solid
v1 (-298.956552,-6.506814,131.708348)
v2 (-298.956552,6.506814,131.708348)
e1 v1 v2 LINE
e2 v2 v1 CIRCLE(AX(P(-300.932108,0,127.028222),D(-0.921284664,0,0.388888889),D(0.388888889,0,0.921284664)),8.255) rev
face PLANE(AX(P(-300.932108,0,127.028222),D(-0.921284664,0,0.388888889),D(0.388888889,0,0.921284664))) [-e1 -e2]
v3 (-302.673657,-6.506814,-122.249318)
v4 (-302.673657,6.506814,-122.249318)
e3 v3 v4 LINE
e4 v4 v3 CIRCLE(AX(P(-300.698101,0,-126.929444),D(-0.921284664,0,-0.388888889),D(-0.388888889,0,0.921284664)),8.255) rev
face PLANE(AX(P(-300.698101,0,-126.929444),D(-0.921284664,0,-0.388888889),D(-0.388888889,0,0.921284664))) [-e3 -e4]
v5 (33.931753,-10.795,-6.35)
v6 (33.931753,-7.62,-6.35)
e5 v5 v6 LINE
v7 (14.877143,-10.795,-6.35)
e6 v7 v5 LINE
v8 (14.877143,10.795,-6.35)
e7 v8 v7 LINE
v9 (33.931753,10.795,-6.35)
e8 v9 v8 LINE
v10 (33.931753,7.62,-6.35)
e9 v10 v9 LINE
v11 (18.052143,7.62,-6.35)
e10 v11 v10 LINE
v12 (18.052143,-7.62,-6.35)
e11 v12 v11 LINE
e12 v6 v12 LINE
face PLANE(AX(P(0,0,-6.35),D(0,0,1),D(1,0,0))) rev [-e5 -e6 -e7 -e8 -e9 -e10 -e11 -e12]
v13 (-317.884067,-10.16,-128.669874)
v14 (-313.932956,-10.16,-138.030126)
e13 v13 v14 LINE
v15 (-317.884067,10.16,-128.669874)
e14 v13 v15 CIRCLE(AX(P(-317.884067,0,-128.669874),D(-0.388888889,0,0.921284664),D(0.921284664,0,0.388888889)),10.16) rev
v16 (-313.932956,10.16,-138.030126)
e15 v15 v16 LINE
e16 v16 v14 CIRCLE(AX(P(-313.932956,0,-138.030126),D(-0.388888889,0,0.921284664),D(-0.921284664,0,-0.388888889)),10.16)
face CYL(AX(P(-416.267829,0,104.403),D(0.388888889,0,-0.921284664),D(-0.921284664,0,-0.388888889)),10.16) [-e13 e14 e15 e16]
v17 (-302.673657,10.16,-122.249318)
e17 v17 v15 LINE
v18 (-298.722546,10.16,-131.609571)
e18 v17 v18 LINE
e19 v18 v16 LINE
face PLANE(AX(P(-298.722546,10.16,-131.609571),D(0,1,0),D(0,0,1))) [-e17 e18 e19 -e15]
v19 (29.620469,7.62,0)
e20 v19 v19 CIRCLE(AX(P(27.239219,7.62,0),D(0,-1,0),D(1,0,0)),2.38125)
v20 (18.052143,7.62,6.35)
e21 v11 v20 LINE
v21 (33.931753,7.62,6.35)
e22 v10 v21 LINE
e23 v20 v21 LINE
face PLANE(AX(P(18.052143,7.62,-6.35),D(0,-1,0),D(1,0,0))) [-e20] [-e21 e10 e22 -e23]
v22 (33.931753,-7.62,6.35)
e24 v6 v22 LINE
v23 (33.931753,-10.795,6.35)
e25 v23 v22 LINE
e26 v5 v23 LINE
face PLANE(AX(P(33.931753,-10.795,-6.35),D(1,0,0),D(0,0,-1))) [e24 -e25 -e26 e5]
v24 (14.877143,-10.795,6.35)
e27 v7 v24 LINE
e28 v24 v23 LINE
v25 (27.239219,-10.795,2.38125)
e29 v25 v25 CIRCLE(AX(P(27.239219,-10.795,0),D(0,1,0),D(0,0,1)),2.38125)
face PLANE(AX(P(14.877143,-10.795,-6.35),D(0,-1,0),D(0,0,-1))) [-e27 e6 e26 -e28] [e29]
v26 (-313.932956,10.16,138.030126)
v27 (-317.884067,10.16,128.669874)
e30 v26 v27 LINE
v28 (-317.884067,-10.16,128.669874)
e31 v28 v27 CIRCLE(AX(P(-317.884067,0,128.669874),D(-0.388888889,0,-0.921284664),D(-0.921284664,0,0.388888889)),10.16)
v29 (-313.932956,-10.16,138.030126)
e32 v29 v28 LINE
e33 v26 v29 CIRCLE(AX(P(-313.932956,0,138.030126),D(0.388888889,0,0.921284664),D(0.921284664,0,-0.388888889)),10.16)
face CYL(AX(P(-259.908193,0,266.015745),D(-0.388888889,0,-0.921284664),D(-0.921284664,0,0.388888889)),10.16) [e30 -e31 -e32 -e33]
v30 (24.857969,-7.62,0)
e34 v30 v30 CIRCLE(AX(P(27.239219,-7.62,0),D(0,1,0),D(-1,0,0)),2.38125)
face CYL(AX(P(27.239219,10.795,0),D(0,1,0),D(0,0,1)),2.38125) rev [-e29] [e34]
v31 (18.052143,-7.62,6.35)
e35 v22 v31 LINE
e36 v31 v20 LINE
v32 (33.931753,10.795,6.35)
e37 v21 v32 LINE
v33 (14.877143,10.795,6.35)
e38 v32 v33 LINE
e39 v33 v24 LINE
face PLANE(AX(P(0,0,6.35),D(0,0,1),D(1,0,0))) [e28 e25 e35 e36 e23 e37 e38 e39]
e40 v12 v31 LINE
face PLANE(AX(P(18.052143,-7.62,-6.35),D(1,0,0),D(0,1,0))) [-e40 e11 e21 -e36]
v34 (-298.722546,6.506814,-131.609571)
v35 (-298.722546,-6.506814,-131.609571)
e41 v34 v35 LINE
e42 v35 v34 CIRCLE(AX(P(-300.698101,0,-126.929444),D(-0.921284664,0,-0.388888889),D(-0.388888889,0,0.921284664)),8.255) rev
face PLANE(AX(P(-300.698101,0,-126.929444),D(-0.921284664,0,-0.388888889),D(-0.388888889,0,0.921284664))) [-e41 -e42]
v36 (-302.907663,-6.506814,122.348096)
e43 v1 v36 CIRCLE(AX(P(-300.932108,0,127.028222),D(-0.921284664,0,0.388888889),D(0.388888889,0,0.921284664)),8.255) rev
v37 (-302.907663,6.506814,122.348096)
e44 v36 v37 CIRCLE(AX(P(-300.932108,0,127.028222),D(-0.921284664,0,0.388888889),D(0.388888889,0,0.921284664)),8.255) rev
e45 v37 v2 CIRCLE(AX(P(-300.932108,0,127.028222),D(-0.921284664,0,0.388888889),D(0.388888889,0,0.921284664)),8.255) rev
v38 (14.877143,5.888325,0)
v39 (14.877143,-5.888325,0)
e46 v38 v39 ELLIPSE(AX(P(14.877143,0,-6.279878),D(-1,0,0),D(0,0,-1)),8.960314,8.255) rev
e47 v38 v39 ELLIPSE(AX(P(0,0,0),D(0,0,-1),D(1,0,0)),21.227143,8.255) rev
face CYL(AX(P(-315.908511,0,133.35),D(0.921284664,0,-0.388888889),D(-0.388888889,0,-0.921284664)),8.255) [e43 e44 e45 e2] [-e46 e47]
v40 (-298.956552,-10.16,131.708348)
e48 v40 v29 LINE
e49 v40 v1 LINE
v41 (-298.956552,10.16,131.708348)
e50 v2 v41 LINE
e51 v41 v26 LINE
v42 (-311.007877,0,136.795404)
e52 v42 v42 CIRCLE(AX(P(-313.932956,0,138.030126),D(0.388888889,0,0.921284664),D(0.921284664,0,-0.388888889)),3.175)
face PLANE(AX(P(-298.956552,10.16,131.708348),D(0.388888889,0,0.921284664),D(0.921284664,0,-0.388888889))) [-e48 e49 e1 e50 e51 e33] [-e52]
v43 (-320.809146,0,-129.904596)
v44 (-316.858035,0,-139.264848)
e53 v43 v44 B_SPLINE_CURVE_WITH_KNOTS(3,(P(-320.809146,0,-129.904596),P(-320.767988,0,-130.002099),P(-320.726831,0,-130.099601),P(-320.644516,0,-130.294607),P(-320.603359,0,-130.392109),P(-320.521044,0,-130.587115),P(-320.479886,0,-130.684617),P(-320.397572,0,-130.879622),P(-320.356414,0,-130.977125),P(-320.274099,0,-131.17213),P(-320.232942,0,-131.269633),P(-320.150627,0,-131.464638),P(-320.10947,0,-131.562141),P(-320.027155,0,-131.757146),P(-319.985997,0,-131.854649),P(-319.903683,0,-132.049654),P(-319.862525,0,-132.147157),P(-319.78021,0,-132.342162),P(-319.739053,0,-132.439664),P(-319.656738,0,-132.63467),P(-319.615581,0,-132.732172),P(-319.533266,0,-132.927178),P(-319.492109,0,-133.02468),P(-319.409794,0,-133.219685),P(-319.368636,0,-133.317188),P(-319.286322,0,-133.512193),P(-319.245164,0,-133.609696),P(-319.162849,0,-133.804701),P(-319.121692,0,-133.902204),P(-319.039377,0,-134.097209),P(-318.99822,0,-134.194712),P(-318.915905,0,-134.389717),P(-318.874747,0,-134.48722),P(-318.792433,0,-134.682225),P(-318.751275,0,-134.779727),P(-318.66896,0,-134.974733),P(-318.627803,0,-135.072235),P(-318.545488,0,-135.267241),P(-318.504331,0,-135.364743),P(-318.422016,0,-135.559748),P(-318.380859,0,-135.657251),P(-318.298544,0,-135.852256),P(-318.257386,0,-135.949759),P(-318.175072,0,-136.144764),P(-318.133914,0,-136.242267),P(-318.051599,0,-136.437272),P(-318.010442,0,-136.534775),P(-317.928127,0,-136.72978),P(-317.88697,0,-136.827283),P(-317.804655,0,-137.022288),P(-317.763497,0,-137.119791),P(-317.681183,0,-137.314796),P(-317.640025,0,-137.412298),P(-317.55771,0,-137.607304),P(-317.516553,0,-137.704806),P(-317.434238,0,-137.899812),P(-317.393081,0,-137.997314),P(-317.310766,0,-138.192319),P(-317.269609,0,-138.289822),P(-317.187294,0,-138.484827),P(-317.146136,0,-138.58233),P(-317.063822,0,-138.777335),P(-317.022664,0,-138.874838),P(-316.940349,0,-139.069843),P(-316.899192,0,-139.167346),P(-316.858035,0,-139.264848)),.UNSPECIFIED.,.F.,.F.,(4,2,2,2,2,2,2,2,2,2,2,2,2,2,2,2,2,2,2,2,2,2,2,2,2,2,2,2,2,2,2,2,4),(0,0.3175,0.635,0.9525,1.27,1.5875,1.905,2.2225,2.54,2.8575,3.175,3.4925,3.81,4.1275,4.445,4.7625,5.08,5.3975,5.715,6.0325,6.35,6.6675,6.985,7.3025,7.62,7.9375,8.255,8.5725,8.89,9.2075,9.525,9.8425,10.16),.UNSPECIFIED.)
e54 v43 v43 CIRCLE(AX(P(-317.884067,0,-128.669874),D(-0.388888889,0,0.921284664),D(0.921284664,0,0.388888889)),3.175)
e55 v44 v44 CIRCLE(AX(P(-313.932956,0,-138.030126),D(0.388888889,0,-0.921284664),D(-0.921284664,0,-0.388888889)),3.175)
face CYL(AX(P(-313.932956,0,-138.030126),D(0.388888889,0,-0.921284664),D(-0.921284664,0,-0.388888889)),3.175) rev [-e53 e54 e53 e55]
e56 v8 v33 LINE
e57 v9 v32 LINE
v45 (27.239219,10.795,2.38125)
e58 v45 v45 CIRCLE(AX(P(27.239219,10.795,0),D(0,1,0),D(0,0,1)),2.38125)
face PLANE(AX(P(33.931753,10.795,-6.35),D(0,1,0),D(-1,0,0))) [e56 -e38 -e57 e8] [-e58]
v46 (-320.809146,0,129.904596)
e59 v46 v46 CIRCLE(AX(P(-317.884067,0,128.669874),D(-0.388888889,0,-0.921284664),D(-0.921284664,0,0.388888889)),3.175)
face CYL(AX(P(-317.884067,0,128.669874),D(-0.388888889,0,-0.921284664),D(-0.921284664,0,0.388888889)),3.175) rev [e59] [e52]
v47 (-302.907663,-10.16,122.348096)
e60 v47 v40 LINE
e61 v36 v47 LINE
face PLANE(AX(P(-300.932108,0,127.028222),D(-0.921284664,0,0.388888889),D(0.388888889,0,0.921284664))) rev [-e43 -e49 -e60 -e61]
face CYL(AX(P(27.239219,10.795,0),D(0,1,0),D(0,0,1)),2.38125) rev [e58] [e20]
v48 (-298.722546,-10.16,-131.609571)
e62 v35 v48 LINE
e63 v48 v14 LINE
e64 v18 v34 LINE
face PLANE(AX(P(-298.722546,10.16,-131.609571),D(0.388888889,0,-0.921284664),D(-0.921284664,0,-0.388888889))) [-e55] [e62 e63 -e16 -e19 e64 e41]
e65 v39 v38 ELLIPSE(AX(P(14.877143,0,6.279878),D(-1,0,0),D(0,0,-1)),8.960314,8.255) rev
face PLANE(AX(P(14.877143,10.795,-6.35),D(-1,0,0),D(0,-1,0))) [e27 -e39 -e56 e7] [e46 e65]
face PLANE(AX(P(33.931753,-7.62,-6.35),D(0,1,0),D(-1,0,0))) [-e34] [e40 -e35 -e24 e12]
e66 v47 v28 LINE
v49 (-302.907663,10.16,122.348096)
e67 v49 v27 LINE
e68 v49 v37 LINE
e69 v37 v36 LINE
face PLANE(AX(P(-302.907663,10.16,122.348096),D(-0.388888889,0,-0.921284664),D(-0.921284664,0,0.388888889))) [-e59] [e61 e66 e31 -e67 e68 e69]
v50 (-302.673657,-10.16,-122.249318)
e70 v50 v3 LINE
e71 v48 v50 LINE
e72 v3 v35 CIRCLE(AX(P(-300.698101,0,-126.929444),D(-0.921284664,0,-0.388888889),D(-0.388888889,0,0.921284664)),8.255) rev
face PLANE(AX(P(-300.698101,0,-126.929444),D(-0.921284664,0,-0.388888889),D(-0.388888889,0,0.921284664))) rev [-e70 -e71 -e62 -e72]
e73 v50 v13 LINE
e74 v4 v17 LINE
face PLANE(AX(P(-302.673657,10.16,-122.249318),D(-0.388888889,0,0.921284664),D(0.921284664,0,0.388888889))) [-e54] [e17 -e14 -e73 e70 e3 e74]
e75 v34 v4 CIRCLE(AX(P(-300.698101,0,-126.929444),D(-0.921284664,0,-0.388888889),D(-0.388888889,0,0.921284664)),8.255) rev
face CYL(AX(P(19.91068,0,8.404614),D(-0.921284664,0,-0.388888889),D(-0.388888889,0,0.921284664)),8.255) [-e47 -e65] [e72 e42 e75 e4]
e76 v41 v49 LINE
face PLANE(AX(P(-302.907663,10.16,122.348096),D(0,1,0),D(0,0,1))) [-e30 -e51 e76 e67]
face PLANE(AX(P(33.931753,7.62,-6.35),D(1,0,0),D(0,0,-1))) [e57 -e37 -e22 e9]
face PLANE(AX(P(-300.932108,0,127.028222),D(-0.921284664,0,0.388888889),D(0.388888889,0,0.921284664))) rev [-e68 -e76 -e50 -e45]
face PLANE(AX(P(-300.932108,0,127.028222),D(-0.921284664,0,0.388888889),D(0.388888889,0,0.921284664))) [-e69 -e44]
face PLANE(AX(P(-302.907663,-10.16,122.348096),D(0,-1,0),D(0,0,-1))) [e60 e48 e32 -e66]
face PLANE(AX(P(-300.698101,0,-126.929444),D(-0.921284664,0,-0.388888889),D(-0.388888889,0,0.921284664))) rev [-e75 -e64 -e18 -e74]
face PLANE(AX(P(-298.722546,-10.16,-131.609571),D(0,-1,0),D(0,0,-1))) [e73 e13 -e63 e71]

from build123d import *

# Parameters (mm, degrees)
SKETCH2_R                      = 8.255
BOSS_EXTRUDE1_DEPTH            = 6.35
BOSS_EXTRUDE1_DEPTH_BACK       = 6.35
BOSS_EXTRUDE2_DEPTH            = 10.16
BOSS_EXTRUDE2_DEPTH_BACK       = 16.256
SKETCH4_W                      = 10.16
SKETCH4_H                      = 20.32
BOSS_EXTRUDE3_DEPTH            = 10.16
BOSS_EXTRUDE3_DEPTH_BACK       = 16.51
SKETCH5_W                      = 10.16
SKETCH5_H                      = 20.32
CUT_EXTRUDE3_DEPTH             = 361.571509311
CUT_EXTRUDE4_DEPTH             = 357.967583958
CUT_EXTRUDE5_DEPTH             = 16.51
CUT_EXTRUDE6_START             = -16.256
CUT_EXTRUDE6_DEPTH             = 16.256
E_0_25_DIAMETER_HOLE2_D        = 6.35
E_0_25_DIAMETER_HOLE2_DEPTH    = 19.05
E_0_25_DIAMETER_HOLE2_TIP      = 1.907732465
E_0_25_DIAMETER_HOLE3_D        = 6.35
E_0_25_DIAMETER_HOLE3_DEPTH    = 19.05
E_0_25_DIAMETER_HOLE3_TIP      = 1.907732465
CUT_EXTRUDE7_DEPTH             = 360.454492653
F_3_16_0_1875_DIAMETER_HOLE1_D = 4.7625


with BuildPart() as part:
    # Sweep1: sweep along a path in Sketch1
    with BuildLine(Plane(origin=(0, 0, 0), x_dir=(1, 0, 0), z_dir=(0, 1, 0))) as sweep1_path:
        Line((-315.908511281, -133.35), (0, 0))
        Line((0, 0), (-315.908511281, 133.35))
    # Sketch2 → Sweep1 (sweep)
    with BuildSketch(Plane(origin=(-315.908511281, 0, 133.35), x_dir=(-0.3888888888888888, 0, -0.9212846639876112), z_dir=(0.9212846639876112, 0, -0.3888888888888888))):
        Circle(SKETCH2_R)
    sweep(path=sweep1_path.line, transition=Transition.RIGHT)

    # Sketch3 → Boss-Extrude1 (add, two sides: drawn at the far end of the back side and taken through both)
    with BuildSketch(Plane.XY.offset(-BOSS_EXTRUDE1_DEPTH_BACK)):
        Polygon((33.931753368, 10.795), (14.877142857, 10.795), (14.877142857, -10.795), (33.931753368, -10.795), (33.931753368, -7.62), (18.052142857, -7.62), (18.052142857, 7.62), (33.931753368, 7.62), align=None)
    extrude(amount=BOSS_EXTRUDE1_DEPTH + BOSS_EXTRUDE1_DEPTH_BACK)

    # Sketch4 → Boss-Extrude2 (add, two sides: drawn at the far end of the back side and taken through both)
    with BuildSketch(Plane(origin=(-315.908511281, 0, 133.35), x_dir=(0.38888888888888873, 0, 0.9212846639876112), z_dir=(-0.9212846639876112, 0, 0.38888888888888873)).offset(-BOSS_EXTRUDE2_DEPTH_BACK)):
        Rectangle(SKETCH4_W, SKETCH4_H)
    extrude(amount=BOSS_EXTRUDE2_DEPTH + BOSS_EXTRUDE2_DEPTH_BACK)

    # Sketch5 → Boss-Extrude3 (add, two sides: drawn at the far end of the back side and taken through both)
    with BuildSketch(Plane(origin=(-315.908511281, 0, -133.35), x_dir=(-0.38888888888888895, 0, 0.921284663987611), z_dir=(-0.921284663987611, 0, -0.38888888888888895)).offset(-BOSS_EXTRUDE3_DEPTH_BACK)):
        Rectangle(SKETCH5_W, SKETCH5_H)
    extrude(amount=BOSS_EXTRUDE3_DEPTH + BOSS_EXTRUDE3_DEPTH_BACK)

    # Sketch12 → Cut-Extrude3 (cut, through all)
    with BuildSketch(Plane(origin=(1.975555556, 0, -4.680126093), x_dir=(-0.9212846639876111, 0, -0.38888888888888895), z_dir=(0.3888888888888889, 0, -0.921284663987611))):
        with BuildLine():
            Line((353.06, 0), (353.06, 10.16))
            Line((353.06, 10.16), (342.9, 10.16))
            ThreePointArc((342.9, 10.16), (350.084204897, 7.184204897), (353.06, 0))
        make_face()
    cut_extrude3 = extrude(amount=-CUT_EXTRUDE3_DEPTH, mode=Mode.SUBTRACT)

    # Sketch13 → Cut-Extrude4 (cut, through all)
    with BuildSketch(Plane(origin=(-1.975555556, 0, -4.680126093), x_dir=(-0.9212846639876111, 0, 0.3888888888888888), z_dir=(-0.3888888888888888, 0, -0.9212846639876111))):
        with BuildLine():
            Line((353.06, 10.16), (342.9, 10.16))
            ThreePointArc((342.9, 10.16), (350.084204897, 7.184204897), (353.06, 0))
            Line((353.06, 0), (353.06, 10.16))
        make_face()
        with BuildLine():
            Line((353.06, -10.16), (353.06, 0))
            ThreePointArc((353.06, 0), (350.084204897, -7.184204897), (342.9, -10.16))
            Line((342.9, -10.16), (353.06, -10.16))
        make_face()
    extrude(amount=-CUT_EXTRUDE4_DEPTH, mode=Mode.SUBTRACT)

    # Mirror3: Cut-Extrude3 across plane
    add(cut_extrude3.mirror(Plane.ZX), mode=Mode.SUBTRACT)

    # Sketch14 → Cut-Extrude5 (cut)
    with BuildSketch(Plane(origin=(-315.908511281, 0, -133.35), x_dir=(-0.38888888888888906, 0, 0.921284663987611), z_dir=(-0.9212846639876111, 0, -0.3888888888888891))):
        with BuildLine():
            Line((5.08, 6.506813736), (5.08, -6.506813736))
            ThreePointArc((5.08, -6.506813736), (8.255, 0), (5.08, 6.506813736))
        make_face()
        with BuildLine():
            Line((-5.08, -6.506813736), (-5.08, 6.506813736))
            ThreePointArc((-5.08, 6.506813736), (-8.255, 0), (-5.08, -6.506813736))
        make_face()
    extrude(amount=-CUT_EXTRUDE5_DEPTH, mode=Mode.SUBTRACT)

    # Sketch15 → Cut-Extrude6 (cut)
    with BuildSketch(Plane(origin=(-315.908511281, 0, 133.35), x_dir=(0.38888888888888884, 0, 0.9212846639876111), z_dir=(-0.9212846639876111, 0, 0.38888888888888884)).offset(CUT_EXTRUDE6_START)):
        with BuildLine():
            Line((5.08, 6.506813736), (5.08, -6.506813736))
            ThreePointArc((5.08, -6.506813736), (8.255, 0), (5.08, 6.506813736))
        make_face()
        with BuildLine():
            Line((-5.08, -6.506813736), (-5.08, 6.506813736))
            ThreePointArc((-5.08, 6.506813736), (-8.255, 0), (-5.08, -6.506813736))
        make_face()
    extrude(amount=CUT_EXTRUDE6_DEPTH, mode=Mode.SUBTRACT)

    # E (0.25) Diameter Hole2
    with Locations(Plane(origin=(1.975555556, 0, -4.680126093), x_dir=(-0.9212846639876111, 0, -0.38888888888888895), z_dir=(0.3888888888888889, 0, -0.921284663987611))):
        with Locations((342.9, 0)):
            Hole(E_0_25_DIAMETER_HOLE2_D / 2, depth=E_0_25_DIAMETER_HOLE2_DEPTH)
            with Locations((0, 0, -(E_0_25_DIAMETER_HOLE2_DEPTH + E_0_25_DIAMETER_HOLE2_TIP / 2))):  # 118° drill point
                Cone(0, E_0_25_DIAMETER_HOLE2_D / 2, E_0_25_DIAMETER_HOLE2_TIP, mode=Mode.SUBTRACT)

    # E (0.25) Diameter Hole3
    with Locations(Plane(origin=(-1.975555556, 0, -4.680126093), x_dir=(-0.9212846639876111, 0, 0.3888888888888888), z_dir=(-0.3888888888888888, 0, -0.9212846639876111))):
        with Locations((342.9, 0)):
            Hole(E_0_25_DIAMETER_HOLE3_D / 2, depth=E_0_25_DIAMETER_HOLE3_DEPTH)
            with Locations((0, 0, -(E_0_25_DIAMETER_HOLE3_DEPTH + E_0_25_DIAMETER_HOLE3_TIP / 2))):  # 118° drill point
                Cone(0, E_0_25_DIAMETER_HOLE3_D / 2, E_0_25_DIAMETER_HOLE3_TIP, mode=Mode.SUBTRACT)

    # Sketch20 → Cut-Extrude7 (cut, through all)
    with BuildSketch(Plane.XY.offset(6.35)):
        with BuildLine():
            Line((18.052142857, 4.342893612), (18.052142857, -4.342893612))
            add(Edge.make_bspline(
                [(18.052142857, -4.342893612), (24.960559943, 0), (18.052142857, 4.342893612)],
                knots=[5.729186052, 5.729186052, 5.729186052, 6.837184562, 6.837184562, 6.837184562], degree=2, weights=[1, 0.85042735, 1]))
        make_face()
    extrude(amount=-CUT_EXTRUDE7_DEPTH, mode=Mode.SUBTRACT)

    # 3/16 (0.1875) Diameter Hole1 (through all)
    with Locations(Plane(origin=(0, 10.795, 0), x_dir=(1, 0, 0), z_dir=(0, 1, 0))):
        with Locations((27.239219, 0)):
            Hole(F_3_16_0_1875_DIAMETER_HOLE1_D / 2)


solid = part.part
